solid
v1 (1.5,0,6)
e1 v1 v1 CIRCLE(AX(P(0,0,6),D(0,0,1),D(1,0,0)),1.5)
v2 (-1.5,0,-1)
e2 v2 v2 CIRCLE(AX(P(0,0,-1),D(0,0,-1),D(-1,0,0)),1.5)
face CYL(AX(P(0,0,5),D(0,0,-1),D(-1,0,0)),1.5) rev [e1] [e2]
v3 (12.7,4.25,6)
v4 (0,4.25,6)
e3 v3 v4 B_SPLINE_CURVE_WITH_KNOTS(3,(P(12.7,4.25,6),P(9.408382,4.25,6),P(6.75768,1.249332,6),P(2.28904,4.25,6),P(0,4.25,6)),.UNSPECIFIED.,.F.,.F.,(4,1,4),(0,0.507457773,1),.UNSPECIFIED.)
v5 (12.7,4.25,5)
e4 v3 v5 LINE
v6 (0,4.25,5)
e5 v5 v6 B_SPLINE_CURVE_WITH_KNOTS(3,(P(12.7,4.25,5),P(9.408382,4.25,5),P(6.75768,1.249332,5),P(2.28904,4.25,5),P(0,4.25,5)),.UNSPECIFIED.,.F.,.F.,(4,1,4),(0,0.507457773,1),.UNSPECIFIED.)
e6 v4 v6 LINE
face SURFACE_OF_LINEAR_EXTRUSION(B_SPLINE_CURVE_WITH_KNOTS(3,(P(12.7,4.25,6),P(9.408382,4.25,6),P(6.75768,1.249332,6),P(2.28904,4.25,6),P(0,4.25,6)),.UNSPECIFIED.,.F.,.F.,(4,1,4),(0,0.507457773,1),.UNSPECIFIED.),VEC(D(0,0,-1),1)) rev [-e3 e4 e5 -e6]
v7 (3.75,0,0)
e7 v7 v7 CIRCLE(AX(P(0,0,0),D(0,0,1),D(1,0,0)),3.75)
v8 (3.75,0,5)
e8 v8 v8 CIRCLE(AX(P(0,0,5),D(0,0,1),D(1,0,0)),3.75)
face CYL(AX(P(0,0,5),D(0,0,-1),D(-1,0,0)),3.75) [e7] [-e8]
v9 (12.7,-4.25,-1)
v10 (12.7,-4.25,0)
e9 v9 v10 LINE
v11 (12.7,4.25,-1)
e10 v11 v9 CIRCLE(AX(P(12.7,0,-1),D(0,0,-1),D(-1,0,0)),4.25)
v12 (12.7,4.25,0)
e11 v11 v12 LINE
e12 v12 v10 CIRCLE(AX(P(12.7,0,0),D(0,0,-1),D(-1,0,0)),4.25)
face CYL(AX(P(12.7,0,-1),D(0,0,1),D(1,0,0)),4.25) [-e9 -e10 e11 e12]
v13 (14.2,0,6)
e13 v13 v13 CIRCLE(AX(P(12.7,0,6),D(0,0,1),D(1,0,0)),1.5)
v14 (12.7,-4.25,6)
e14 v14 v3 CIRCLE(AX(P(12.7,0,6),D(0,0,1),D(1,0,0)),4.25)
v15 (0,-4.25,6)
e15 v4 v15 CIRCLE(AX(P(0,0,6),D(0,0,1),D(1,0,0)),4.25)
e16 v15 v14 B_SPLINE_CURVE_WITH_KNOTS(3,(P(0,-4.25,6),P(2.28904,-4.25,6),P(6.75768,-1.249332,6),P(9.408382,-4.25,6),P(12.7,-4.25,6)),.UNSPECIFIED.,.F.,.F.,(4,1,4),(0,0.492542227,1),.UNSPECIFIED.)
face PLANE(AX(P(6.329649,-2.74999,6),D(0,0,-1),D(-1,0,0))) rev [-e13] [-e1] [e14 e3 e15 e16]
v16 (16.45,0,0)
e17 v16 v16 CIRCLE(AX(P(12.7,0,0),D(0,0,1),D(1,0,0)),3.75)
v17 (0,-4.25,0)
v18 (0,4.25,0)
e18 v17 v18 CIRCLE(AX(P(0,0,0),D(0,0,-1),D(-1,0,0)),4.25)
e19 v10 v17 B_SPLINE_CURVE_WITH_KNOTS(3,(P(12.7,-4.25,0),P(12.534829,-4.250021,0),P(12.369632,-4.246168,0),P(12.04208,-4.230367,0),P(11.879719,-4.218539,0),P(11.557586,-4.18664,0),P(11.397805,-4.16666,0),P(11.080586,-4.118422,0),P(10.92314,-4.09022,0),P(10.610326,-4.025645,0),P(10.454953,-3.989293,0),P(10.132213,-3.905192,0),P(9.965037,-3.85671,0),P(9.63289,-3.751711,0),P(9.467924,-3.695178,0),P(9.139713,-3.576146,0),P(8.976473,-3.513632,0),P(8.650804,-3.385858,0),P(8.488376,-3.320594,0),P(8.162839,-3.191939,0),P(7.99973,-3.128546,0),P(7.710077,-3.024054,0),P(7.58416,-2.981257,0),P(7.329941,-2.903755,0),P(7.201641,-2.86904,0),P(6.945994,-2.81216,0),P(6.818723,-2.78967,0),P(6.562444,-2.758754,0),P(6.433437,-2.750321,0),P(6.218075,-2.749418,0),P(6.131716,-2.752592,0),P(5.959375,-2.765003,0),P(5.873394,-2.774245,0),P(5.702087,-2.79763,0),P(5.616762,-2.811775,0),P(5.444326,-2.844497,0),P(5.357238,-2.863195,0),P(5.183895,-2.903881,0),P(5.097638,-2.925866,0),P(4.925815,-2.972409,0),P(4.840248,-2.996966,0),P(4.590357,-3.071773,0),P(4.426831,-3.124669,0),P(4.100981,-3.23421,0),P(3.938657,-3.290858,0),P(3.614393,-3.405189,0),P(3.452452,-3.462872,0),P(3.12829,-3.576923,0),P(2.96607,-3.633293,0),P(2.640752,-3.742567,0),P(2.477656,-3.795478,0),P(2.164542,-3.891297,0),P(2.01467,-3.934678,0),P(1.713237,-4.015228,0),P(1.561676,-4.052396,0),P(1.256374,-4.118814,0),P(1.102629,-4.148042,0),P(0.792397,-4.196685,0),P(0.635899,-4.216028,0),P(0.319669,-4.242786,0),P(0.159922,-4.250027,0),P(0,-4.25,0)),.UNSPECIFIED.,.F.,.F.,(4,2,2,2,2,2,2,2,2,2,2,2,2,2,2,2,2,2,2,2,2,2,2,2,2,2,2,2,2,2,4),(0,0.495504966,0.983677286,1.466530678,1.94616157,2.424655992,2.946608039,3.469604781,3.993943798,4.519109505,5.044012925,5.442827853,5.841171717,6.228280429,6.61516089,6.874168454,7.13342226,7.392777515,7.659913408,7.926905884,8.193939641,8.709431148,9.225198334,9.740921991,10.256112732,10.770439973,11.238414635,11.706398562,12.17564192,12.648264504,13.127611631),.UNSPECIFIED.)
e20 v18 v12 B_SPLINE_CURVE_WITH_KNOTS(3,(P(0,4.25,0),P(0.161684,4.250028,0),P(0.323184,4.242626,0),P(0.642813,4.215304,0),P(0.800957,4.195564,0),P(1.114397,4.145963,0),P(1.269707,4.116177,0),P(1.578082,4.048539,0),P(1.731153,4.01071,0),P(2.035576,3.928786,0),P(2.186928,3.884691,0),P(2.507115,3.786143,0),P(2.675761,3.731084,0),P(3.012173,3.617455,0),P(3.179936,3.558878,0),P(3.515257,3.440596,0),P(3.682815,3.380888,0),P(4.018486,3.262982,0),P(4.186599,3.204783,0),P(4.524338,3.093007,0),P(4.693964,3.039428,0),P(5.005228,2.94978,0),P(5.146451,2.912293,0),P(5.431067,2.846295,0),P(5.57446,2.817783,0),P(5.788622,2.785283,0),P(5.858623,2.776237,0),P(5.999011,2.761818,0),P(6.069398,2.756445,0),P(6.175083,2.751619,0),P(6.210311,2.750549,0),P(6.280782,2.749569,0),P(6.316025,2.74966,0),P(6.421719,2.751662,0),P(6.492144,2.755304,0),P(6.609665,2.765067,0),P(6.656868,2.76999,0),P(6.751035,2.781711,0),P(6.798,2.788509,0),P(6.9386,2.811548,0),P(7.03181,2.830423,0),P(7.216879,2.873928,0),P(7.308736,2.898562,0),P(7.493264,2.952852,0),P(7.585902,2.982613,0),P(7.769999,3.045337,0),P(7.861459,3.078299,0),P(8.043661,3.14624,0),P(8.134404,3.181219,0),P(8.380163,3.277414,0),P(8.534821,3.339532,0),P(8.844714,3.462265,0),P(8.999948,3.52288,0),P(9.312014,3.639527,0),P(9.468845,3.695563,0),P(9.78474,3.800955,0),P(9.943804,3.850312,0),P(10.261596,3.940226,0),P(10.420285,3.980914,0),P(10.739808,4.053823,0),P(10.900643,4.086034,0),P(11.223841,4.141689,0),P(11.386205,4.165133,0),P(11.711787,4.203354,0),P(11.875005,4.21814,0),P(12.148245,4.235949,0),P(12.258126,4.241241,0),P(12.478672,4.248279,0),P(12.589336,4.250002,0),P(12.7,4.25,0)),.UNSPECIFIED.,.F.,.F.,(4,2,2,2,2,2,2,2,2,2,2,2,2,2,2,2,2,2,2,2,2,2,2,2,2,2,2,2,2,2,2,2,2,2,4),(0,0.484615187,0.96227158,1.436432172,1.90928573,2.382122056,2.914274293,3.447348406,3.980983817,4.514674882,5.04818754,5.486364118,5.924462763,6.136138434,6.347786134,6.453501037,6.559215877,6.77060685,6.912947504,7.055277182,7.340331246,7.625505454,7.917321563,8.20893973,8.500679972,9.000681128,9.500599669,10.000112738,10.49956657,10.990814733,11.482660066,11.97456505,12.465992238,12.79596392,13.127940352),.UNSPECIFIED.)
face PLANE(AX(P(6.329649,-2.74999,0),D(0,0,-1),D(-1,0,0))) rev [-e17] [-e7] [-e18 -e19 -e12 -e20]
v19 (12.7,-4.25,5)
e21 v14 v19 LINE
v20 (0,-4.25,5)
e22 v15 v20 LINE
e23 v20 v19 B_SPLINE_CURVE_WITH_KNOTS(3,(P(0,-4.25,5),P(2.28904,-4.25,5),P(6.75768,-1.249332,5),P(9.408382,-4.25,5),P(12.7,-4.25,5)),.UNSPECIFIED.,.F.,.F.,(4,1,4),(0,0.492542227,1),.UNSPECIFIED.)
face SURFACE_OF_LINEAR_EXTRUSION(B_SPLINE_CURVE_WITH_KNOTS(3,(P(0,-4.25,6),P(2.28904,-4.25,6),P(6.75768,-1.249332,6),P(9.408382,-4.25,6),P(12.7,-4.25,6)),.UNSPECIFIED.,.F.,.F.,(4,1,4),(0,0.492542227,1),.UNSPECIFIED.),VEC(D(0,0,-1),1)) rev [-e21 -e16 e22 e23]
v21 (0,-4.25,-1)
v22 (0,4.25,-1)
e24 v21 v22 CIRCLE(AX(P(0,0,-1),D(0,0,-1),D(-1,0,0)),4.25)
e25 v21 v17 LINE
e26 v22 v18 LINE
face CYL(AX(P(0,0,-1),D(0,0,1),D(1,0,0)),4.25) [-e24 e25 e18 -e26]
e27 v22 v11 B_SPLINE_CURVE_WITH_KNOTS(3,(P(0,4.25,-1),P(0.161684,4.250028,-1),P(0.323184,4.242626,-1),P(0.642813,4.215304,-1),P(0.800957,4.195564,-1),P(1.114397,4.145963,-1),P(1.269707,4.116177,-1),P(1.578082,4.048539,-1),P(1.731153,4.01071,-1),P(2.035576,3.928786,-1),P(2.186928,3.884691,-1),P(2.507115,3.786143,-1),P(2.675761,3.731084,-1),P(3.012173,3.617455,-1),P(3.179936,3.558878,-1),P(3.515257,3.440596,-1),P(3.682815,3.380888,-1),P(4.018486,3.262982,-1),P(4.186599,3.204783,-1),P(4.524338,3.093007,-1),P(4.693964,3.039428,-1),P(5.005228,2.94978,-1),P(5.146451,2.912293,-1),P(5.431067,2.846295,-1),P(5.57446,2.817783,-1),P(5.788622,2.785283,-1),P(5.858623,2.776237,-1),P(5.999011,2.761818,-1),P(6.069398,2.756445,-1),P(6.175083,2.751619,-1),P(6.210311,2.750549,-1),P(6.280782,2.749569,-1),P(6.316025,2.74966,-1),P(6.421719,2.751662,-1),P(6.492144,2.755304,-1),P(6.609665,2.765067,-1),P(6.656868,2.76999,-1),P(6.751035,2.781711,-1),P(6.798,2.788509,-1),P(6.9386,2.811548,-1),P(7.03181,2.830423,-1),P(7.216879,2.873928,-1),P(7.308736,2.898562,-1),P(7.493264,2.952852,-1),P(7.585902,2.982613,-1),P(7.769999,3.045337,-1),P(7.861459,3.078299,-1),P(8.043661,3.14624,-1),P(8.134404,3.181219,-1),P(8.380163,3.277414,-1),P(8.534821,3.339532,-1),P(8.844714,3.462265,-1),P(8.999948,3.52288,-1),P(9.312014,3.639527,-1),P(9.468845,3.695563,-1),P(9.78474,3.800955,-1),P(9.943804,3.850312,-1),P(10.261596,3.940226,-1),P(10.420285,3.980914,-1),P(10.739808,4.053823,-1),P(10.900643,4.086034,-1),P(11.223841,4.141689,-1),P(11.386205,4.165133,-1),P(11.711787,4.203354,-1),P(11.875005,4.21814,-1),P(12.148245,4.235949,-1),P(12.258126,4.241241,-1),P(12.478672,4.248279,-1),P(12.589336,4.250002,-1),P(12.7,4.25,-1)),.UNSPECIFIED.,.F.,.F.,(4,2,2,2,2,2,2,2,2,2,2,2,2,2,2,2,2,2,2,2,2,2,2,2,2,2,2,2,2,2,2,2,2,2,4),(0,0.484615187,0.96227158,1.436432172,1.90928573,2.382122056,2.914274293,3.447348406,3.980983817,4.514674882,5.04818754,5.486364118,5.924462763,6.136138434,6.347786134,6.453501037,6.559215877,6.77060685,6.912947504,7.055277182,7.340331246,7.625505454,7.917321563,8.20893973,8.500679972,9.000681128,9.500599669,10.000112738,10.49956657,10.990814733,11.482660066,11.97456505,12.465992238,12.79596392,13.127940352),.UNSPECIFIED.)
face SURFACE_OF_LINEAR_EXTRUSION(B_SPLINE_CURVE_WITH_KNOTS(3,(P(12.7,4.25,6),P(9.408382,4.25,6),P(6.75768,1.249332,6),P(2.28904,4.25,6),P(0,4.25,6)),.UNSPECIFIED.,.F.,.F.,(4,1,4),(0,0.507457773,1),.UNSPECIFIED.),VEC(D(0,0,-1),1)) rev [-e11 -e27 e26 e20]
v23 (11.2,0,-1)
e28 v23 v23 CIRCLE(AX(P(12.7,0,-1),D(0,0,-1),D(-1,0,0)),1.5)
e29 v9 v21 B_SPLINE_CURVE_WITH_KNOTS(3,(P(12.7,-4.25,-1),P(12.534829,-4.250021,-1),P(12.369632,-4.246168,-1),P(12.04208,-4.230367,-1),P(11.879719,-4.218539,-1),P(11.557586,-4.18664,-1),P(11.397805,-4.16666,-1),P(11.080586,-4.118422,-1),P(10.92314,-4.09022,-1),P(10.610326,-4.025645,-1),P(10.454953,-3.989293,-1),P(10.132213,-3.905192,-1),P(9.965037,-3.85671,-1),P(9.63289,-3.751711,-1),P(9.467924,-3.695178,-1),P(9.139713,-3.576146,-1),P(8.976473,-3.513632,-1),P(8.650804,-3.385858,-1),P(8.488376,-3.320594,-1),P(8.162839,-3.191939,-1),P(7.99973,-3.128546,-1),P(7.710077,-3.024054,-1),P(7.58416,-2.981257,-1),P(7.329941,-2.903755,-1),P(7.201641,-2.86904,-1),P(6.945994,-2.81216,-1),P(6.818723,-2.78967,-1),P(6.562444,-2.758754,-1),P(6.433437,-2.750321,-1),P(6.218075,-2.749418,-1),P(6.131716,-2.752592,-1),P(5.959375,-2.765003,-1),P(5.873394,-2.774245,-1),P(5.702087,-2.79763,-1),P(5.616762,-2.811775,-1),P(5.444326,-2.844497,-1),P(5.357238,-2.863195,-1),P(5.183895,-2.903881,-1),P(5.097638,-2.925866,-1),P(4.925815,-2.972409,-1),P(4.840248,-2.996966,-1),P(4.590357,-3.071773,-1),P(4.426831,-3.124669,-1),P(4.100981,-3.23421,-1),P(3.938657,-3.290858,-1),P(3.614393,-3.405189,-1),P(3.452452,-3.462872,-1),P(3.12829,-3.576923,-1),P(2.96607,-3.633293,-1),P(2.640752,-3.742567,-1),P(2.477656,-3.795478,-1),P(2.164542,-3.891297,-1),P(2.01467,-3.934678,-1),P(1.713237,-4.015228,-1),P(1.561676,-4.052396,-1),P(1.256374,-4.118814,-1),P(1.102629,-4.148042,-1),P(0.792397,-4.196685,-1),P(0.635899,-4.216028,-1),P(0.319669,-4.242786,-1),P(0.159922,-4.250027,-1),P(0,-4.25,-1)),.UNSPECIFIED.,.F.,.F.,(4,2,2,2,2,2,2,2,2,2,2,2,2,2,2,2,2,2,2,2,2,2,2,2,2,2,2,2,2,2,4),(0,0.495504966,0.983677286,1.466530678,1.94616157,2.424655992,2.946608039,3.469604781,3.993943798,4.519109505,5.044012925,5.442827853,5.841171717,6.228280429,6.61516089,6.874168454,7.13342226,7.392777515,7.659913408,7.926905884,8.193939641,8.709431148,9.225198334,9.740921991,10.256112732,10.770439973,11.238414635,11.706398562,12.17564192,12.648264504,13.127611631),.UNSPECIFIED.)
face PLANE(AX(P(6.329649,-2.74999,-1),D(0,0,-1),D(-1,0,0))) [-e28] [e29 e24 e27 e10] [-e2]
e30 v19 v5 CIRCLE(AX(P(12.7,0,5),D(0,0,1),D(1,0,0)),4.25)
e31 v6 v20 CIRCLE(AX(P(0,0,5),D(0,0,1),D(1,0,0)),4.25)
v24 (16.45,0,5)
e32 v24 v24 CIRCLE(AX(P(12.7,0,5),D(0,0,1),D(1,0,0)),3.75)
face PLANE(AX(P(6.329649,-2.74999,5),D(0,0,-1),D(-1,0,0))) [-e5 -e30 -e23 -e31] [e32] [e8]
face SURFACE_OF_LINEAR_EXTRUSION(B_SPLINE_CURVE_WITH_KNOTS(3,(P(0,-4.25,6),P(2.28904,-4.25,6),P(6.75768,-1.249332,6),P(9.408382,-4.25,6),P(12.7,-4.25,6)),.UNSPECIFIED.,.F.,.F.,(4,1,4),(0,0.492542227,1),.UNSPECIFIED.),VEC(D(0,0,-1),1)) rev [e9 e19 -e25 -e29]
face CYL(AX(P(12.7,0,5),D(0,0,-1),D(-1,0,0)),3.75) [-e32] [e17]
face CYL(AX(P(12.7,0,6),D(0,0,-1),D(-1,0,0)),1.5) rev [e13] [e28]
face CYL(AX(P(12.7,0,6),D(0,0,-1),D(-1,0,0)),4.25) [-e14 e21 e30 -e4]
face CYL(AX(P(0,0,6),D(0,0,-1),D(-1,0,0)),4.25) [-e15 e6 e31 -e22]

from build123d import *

# Parameters (mm, degrees)
SKETCH1_R             = 3.75
SKETCH1_R_2           = 1.5
BOSS_EXTRUDE1_DEPTH   = 5
BOSS_EXTRUDE1_2_DEPTH = 5
SKETCH3_R             = 1.5
BOSS_EXTRUDE2_DEPTH   = 1
BOSS_EXTRUDE3_START   = 1
SKETCH4_R             = 1.5
BOSS_EXTRUDE3_DEPTH   = 1


with BuildPart() as part:
    # Sketch1 → Boss-Extrude1 (new body)
    with BuildSketch(Plane.XY):
        Circle(SKETCH1_R)
        Circle(SKETCH1_R_2, mode=Mode.SUBTRACT)
    extrude(amount=BOSS_EXTRUDE1_DEPTH)



with BuildPart() as body_2:
    # Sketch1 → Boss-Extrude1 2 (new body)
    with BuildSketch(Plane.XY):
        with Locations((12.7, 0)):
            Circle(SKETCH1_R)
        with Locations((12.7, 0)):
            Circle(SKETCH1_R_2, mode=Mode.SUBTRACT)
    extrude(amount=BOSS_EXTRUDE1_2_DEPTH)


with BuildPart() as part_1:
    add(part.part)

    add(body_2.part)  # Boss-Extrude2 merges body 2
    # Sketch3 → Boss-Extrude2 (add)
    with BuildSketch(Plane.XY.offset(5)):
        with BuildLine():
            ThreePointArc((0, 4.25), (-4.25, 0), (0, -4.25))
            add(Edge.make_bspline(
                [(0, -4.25), (2.289040146, -4.25), (6.757680167, -1.249332431), (9.408381706, -4.25), (12.7, -4.25)],
                knots=[0, 0, 0, 0, 0.492542227, 1, 1, 1, 1], degree=3))
            ThreePointArc((12.7, -4.25), (16.95, 0), (12.7, 4.25))
            add(Edge.make_bspline(
                [(0, 4.25), (2.289040146, 4.25), (6.757680167, 1.249332431), (9.408381706, 4.25), (12.7, 4.25)],
                knots=[0, 0, 0, 0, 0.492542227, 1, 1, 1, 1], degree=3))
        make_face()
        with Locations((12.7, 0)):
            Circle(SKETCH3_R, mode=Mode.SUBTRACT)
        Circle(SKETCH3_R, mode=Mode.SUBTRACT)
    extrude(amount=BOSS_EXTRUDE2_DEPTH)

    # Sketch4 → Boss-Extrude3 (add)
    with BuildSketch(Plane(origin=(0, 0, 0), x_dir=(-1, 0, 0), z_dir=(0, 0, -1)).offset(BOSS_EXTRUDE3_START)):
        with BuildLine():
            ThreePointArc((0, -4.25), (4.25, 0), (0, 4.25))
            add(Edge.make_bspline(
                [(-12.7, 4.25), (-9.408381706, 4.25), (-6.757680167, 1.249332431), (-2.289040146, 4.25), (0, 4.25)],
                knots=[0, 0, 0, 0, 0.507457773, 1, 1, 1, 1], degree=3))
            ThreePointArc((-12.7, 4.25), (-16.95, 0), (-12.7, -4.25))
            add(Edge.make_bspline(
                [(0, -4.25), (-2.289040146, -4.25), (-6.757680167, -1.249332431), (-9.408381706, -4.25), (-12.7, -4.25)],
                knots=[0, 0, 0, 0, 0.492542227, 1, 1, 1, 1], degree=3))
        make_face()
        Circle(SKETCH4_R, mode=Mode.SUBTRACT)
        with Locations((-12.7, 0)):
            Circle(SKETCH4_R, mode=Mode.SUBTRACT)
    extrude(amount=-BOSS_EXTRUDE3_DEPTH)


solid = part_1.part
